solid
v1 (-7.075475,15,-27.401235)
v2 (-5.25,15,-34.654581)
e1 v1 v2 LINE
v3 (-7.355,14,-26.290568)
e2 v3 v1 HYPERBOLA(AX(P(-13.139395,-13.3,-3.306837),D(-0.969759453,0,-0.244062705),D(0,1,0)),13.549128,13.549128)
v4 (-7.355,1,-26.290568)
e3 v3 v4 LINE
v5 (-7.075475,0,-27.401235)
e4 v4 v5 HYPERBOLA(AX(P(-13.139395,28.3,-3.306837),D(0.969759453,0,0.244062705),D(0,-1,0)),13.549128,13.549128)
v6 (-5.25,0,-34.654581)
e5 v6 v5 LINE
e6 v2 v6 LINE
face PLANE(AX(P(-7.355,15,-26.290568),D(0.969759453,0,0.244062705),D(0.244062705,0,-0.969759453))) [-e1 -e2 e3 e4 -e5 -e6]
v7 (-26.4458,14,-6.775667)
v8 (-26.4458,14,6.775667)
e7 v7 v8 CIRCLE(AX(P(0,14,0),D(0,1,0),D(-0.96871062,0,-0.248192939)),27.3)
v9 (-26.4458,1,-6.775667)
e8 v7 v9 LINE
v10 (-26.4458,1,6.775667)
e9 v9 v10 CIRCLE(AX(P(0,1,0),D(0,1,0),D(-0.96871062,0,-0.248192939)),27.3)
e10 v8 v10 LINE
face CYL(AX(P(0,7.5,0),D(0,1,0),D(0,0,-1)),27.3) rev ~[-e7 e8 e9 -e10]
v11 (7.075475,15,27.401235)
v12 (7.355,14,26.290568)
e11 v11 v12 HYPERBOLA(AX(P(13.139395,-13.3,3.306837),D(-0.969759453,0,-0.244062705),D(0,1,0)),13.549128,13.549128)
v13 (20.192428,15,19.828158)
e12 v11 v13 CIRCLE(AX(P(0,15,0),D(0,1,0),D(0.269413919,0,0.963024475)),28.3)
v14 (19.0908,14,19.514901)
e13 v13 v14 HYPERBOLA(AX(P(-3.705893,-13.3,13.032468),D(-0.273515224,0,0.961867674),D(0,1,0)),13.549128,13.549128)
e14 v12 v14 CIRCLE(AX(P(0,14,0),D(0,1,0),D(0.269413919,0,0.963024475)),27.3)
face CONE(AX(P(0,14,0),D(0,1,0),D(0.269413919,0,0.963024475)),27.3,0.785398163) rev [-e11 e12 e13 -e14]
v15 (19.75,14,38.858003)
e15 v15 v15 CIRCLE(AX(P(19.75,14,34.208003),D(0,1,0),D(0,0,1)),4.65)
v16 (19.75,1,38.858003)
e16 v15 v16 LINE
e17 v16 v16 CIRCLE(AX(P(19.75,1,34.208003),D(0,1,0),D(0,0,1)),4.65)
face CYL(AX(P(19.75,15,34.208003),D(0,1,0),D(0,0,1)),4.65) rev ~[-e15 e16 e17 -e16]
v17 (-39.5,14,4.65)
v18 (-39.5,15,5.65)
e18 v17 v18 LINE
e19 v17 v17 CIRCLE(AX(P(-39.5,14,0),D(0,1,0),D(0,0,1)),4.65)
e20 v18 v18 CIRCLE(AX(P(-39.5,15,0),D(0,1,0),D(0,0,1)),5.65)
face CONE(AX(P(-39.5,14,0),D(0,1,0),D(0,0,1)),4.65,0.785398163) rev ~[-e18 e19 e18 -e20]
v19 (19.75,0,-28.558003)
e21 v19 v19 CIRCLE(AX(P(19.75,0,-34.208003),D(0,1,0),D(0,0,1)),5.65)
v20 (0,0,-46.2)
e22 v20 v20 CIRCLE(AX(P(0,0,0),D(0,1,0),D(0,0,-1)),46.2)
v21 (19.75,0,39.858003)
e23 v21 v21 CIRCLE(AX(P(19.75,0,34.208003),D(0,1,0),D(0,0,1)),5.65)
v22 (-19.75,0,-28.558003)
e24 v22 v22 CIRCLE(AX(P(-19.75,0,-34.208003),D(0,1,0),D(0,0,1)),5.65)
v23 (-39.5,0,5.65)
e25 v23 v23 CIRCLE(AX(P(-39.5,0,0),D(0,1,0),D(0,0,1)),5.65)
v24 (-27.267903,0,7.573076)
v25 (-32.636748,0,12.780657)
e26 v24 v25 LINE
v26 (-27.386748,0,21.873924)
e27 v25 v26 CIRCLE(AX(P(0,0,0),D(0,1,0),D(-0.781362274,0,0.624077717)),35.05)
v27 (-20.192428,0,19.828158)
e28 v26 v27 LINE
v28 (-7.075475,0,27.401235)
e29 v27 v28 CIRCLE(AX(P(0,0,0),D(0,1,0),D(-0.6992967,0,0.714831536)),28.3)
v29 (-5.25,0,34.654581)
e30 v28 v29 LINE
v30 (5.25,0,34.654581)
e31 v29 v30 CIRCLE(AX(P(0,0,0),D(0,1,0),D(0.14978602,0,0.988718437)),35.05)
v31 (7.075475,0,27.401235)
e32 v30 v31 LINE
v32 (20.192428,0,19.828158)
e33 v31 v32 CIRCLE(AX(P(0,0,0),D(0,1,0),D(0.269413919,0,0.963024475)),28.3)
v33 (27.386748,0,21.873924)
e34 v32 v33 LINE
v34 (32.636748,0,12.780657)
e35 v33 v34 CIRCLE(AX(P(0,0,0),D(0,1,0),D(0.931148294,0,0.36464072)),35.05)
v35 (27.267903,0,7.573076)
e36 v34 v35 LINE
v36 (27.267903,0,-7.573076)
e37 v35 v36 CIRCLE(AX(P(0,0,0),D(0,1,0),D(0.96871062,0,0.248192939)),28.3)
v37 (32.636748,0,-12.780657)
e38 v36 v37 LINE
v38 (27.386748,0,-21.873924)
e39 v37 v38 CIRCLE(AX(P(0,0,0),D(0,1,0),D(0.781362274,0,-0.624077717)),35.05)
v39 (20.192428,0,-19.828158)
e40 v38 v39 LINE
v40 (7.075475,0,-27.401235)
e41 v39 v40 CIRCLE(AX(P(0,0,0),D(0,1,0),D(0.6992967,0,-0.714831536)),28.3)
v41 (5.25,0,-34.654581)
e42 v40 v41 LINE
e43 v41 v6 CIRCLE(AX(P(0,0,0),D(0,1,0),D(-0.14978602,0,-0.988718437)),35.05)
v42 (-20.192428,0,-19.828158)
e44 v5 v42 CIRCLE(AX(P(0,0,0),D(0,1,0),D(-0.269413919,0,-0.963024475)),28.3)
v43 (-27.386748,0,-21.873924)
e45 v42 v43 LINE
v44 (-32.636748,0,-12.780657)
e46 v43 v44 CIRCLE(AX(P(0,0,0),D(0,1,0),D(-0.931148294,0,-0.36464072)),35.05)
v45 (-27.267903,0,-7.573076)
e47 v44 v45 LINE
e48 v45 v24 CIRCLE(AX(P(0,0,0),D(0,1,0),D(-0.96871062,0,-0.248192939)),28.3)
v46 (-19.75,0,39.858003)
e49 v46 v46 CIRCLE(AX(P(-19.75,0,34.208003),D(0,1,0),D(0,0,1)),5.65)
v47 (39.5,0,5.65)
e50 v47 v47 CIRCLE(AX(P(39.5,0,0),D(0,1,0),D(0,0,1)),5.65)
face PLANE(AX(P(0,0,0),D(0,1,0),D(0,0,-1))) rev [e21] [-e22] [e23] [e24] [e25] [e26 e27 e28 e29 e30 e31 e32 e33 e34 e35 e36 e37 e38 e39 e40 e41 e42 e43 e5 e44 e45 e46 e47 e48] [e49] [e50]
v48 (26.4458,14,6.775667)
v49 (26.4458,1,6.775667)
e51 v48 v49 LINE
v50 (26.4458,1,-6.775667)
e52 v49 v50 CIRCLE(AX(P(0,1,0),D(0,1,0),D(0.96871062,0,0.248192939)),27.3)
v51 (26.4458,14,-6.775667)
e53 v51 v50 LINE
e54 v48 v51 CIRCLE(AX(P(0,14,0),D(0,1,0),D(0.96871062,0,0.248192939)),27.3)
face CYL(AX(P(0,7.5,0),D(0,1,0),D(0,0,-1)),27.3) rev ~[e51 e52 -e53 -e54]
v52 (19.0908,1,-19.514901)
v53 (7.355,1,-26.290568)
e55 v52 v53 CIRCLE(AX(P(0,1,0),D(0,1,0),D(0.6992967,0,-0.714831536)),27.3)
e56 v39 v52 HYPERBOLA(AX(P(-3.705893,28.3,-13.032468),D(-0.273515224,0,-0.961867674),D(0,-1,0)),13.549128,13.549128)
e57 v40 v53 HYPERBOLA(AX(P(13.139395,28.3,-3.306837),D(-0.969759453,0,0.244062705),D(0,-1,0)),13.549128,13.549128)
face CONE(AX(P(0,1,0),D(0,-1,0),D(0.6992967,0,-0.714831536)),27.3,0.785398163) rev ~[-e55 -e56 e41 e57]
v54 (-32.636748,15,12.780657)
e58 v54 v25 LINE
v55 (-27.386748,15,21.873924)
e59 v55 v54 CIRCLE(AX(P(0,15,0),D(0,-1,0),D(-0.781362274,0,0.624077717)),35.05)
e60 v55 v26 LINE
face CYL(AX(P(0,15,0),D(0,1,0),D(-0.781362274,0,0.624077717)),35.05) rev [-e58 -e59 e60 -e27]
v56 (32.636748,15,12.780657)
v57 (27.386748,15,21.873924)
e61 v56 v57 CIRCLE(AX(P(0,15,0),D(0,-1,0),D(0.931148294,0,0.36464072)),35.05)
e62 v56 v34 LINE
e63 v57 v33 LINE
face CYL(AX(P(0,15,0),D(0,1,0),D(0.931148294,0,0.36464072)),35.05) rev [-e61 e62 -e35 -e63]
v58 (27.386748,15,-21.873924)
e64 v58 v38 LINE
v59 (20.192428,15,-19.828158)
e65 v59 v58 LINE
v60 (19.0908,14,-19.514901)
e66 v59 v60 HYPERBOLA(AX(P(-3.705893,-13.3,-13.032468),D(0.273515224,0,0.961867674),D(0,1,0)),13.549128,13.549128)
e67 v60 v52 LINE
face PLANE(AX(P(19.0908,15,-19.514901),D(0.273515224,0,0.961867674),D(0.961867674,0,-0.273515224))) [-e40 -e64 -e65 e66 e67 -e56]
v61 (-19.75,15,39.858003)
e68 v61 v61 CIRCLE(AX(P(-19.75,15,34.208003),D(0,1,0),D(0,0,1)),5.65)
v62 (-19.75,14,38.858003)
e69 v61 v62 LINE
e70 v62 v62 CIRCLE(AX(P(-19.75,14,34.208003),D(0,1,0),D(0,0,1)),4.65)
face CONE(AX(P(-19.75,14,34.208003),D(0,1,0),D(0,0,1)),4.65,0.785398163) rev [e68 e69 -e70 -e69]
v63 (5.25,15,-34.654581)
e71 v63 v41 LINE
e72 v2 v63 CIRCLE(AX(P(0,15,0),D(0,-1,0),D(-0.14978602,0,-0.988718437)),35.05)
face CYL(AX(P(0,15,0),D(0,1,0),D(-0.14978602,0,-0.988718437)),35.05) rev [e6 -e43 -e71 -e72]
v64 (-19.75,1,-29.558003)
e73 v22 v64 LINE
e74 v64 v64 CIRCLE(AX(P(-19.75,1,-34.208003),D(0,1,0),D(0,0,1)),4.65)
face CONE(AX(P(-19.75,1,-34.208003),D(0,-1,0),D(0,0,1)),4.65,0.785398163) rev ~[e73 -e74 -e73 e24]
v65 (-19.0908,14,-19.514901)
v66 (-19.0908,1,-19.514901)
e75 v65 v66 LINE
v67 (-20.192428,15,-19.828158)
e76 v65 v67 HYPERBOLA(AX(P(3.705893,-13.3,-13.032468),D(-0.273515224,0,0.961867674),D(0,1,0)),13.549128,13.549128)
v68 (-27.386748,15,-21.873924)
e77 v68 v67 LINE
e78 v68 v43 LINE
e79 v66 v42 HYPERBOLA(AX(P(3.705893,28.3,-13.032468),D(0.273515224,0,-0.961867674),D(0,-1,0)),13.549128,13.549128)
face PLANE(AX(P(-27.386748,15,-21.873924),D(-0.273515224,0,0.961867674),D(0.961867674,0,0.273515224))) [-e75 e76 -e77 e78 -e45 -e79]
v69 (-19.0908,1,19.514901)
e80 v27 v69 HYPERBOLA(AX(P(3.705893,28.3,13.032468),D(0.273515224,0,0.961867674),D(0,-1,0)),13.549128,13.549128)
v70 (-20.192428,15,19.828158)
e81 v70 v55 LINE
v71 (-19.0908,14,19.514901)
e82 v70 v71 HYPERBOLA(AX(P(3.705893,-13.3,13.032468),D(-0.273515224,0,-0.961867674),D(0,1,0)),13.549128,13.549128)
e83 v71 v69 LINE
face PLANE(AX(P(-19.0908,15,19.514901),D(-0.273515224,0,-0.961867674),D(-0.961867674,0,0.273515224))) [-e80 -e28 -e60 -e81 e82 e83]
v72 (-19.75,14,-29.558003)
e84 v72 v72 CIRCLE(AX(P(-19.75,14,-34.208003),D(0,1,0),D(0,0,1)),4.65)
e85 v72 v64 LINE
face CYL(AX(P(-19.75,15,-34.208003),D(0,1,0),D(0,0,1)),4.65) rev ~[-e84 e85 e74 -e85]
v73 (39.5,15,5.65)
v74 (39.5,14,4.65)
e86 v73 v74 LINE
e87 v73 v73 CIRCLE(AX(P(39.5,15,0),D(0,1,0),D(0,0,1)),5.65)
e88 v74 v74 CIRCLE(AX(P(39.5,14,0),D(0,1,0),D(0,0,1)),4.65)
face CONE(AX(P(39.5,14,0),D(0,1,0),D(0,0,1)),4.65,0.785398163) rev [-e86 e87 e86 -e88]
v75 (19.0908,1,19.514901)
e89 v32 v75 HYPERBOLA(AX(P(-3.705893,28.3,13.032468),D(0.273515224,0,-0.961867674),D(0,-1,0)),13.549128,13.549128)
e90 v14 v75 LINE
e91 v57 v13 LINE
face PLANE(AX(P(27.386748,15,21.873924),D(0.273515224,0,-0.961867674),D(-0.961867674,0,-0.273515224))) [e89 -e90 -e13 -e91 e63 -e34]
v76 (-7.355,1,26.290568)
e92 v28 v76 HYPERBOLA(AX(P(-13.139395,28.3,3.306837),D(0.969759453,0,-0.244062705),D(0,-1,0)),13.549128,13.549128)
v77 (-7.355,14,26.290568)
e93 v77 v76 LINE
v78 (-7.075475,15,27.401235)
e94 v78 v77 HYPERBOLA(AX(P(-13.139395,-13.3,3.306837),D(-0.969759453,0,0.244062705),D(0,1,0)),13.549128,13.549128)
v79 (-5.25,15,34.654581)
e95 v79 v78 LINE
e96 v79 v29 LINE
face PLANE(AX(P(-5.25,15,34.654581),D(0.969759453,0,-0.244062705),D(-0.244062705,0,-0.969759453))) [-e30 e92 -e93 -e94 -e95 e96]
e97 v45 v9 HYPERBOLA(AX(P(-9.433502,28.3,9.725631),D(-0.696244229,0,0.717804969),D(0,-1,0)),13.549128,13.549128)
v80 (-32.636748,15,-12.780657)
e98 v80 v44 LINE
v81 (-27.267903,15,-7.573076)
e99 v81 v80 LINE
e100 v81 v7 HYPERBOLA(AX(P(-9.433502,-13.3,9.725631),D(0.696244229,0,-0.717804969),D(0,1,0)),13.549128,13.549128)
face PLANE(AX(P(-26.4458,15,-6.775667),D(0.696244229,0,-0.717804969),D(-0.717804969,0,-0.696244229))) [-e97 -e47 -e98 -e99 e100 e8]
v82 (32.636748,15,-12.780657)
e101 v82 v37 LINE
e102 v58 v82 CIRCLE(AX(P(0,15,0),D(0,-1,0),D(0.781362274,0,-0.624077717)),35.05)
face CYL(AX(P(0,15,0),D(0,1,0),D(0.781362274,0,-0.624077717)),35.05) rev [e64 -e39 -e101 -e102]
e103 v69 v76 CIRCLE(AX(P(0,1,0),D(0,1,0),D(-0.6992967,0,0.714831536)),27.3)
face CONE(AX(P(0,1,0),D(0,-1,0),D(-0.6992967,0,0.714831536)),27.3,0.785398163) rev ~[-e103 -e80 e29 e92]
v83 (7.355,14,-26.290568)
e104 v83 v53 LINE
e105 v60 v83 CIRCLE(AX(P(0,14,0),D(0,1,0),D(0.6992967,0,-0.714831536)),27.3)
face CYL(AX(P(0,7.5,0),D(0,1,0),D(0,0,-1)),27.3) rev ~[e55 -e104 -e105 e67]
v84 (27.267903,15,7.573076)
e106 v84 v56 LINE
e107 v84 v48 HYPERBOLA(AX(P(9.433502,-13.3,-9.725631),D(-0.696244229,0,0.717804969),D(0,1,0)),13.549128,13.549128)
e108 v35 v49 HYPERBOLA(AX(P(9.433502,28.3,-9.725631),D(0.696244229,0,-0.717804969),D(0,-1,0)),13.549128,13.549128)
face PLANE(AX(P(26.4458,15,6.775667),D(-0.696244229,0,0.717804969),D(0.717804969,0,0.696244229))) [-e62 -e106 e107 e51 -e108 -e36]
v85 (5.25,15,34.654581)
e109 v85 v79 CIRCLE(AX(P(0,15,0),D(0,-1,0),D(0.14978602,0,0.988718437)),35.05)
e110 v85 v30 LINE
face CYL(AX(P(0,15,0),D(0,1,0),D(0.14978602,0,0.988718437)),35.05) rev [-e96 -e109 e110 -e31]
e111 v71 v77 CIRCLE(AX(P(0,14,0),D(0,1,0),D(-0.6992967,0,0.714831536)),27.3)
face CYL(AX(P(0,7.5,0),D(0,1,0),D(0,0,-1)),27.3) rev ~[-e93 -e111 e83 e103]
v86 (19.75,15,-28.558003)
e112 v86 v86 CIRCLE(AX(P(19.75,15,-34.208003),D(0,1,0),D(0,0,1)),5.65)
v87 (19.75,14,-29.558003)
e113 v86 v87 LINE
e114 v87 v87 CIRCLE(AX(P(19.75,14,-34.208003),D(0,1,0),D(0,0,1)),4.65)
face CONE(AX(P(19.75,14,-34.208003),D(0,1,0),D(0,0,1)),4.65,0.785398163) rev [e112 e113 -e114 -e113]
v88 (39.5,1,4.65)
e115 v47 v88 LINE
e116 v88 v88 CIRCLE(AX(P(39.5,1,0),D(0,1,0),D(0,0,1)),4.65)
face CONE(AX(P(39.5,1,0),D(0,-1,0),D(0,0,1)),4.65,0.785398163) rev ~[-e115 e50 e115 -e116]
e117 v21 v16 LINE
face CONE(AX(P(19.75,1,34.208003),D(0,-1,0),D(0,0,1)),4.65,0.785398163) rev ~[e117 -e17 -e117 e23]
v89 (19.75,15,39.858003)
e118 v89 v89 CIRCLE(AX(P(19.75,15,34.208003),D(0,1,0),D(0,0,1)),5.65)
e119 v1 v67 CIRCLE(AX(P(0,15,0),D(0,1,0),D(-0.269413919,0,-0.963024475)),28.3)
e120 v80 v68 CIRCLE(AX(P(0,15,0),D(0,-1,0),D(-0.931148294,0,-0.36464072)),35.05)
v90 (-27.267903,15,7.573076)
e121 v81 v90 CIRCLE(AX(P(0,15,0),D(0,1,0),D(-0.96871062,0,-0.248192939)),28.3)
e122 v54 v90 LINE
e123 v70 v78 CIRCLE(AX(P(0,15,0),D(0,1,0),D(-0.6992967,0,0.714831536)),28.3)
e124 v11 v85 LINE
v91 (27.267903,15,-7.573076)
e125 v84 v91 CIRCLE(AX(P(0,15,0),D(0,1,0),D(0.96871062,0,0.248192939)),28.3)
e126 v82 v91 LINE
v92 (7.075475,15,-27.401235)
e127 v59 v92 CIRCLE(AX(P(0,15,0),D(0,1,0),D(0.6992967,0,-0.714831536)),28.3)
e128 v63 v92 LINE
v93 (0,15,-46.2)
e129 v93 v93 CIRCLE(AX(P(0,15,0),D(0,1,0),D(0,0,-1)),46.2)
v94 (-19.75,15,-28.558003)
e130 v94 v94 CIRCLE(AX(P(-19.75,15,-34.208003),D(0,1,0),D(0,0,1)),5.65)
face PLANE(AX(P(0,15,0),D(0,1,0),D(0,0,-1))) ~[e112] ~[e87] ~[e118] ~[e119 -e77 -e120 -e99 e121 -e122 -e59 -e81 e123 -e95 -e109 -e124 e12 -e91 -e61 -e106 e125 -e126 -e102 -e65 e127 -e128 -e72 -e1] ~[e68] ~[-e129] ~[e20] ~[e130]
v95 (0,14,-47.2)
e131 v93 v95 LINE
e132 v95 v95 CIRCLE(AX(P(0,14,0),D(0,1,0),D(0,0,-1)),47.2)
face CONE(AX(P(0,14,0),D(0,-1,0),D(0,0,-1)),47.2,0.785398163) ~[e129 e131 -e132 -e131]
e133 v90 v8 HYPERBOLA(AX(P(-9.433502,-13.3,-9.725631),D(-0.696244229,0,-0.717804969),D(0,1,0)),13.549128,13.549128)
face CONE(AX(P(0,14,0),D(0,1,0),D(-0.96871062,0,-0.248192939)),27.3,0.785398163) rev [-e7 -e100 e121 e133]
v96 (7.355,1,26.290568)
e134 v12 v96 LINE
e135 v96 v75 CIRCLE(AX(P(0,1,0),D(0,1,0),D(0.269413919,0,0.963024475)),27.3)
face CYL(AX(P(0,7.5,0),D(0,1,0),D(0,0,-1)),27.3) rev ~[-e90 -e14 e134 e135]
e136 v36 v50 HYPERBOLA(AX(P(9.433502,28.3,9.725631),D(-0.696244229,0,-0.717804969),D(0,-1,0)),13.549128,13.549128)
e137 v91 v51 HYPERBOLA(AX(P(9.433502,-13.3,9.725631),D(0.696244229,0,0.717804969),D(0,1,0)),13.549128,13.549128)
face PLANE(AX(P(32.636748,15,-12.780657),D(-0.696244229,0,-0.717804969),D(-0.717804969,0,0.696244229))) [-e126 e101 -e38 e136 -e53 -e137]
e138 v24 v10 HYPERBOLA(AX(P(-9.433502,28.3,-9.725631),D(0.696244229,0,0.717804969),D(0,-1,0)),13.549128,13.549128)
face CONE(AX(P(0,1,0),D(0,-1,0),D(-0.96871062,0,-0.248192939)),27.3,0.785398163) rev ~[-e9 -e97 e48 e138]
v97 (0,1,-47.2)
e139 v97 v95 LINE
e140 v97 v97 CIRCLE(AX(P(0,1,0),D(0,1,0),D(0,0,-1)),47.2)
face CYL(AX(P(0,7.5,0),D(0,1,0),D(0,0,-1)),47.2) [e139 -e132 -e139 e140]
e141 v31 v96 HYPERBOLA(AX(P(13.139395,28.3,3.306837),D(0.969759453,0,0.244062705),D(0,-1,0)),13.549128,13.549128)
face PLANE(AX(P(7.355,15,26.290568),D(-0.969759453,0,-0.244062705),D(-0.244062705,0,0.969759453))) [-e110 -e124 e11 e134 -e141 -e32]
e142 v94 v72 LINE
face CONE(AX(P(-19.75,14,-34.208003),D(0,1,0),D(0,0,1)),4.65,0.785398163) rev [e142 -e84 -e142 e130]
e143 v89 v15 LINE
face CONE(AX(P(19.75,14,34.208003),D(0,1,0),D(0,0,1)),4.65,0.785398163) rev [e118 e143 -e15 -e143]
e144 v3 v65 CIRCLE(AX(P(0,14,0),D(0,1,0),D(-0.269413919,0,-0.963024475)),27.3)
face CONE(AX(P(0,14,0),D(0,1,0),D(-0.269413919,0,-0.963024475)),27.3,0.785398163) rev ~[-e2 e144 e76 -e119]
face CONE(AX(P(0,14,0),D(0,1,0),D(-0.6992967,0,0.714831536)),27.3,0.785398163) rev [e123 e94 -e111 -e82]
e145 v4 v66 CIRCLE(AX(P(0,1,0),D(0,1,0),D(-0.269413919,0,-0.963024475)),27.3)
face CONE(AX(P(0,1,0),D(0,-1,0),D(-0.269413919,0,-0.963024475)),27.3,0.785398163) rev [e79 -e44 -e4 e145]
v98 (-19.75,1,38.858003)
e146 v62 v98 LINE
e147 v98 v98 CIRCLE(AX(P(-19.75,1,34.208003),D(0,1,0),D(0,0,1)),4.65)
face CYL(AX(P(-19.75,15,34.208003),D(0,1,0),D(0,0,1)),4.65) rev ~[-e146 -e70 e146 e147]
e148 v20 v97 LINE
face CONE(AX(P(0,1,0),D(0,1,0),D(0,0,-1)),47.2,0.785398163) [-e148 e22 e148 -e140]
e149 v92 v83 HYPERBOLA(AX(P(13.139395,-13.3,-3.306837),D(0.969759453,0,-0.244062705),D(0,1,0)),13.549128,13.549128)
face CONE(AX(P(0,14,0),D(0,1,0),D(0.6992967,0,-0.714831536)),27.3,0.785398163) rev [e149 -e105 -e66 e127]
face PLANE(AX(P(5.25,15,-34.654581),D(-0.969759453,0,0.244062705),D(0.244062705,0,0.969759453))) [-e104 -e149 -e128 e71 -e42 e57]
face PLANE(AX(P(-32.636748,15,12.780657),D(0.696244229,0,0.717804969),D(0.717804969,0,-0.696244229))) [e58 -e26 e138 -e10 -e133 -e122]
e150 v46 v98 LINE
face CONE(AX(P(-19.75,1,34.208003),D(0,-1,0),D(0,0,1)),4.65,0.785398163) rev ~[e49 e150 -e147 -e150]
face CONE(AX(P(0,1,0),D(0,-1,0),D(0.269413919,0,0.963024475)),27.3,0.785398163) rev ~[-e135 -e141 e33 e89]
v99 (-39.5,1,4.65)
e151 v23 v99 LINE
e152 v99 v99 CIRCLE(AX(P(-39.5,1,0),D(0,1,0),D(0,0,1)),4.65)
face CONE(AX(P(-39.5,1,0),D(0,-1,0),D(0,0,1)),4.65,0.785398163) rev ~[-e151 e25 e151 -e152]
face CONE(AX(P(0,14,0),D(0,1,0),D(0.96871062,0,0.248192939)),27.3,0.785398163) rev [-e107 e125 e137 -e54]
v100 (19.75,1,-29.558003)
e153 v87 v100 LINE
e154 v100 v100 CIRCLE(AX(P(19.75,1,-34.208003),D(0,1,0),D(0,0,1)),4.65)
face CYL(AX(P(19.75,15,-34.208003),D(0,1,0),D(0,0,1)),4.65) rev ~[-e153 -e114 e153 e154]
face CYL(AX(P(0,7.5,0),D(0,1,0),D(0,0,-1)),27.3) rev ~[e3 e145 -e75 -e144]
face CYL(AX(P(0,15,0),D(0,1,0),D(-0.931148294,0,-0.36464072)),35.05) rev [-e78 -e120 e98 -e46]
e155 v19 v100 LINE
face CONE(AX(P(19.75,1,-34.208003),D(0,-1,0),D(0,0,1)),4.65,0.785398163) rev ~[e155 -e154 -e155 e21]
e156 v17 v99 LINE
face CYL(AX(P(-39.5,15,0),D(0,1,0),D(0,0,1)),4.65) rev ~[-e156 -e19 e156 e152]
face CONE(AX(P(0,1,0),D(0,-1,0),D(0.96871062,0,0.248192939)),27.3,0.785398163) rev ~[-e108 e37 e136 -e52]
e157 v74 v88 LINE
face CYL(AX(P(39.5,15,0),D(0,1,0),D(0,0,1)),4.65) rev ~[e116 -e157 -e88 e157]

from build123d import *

# Parameters (mm, degrees)
ESBO_O1_W             = 19.9
ESBO_O1_H             = 15
ESBO_O2_R             = 4.65
CORTE_EXTRUS_O1_DEPTH = 69.415495321
CORTE_EXTRUS_O2_DEPTH = 69.415495321
CHANFRO1_SIZE         = 1
CHANFRO2_SIZE         = 1
CHANFRO3_SIZE         = 1
CHANFRO4_SIZE         = 1


with BuildPart() as part:
    # Esboço1 → Revolução1 (revolve)
    with BuildSketch(Plane.XY, mode=Mode.PRIVATE) as revolu_o1_sk:
        with Locations((37.25, 7.5)):
            Rectangle(ESBO_O1_W, ESBO_O1_H)
    revolve(revolu_o1_sk.sketch.rotate(Axis((0, -49.922822823, 0), (0, 1, 0)), 90), axis=Axis((0, -49.922822823, 0), (0, 1, 0)))

    # Esboço2 → Corte-extrusão1 (cut, through all)
    with BuildSketch(Plane(origin=(0, 15, 0), x_dir=(1, 0, 0), z_dir=(0, 1, 0))):
        with Locations(Location((-39.5, 0, 0), (0, 0, 270))):
            Circle(ESBO_O2_R)
        with Locations(Location((-19.75, 34.208003449, 0), (0, 0, 270))):
            Circle(ESBO_O2_R)
        with Locations(Location((19.75, 34.208003449, 0), (0, 0, 270))):
            Circle(ESBO_O2_R)
        with Locations(Location((39.5, 0, 0), (0, 0, 270))):
            Circle(ESBO_O2_R)
        with Locations(Location((19.75, -34.208003449, 0), (0, 0, 270))):
            Circle(ESBO_O2_R)
        with Locations(Location((-19.75, -34.208003449, 0), (0, 0, 270))):
            Circle(ESBO_O2_R)
    extrude(amount=-CORTE_EXTRUS_O1_DEPTH, mode=Mode.SUBTRACT)

    # Esboço3 → Corte-extrusão2 (cut, through all)
    with BuildSketch(Plane(origin=(0, 15, 0), x_dir=(1, 0, 0), z_dir=(0, 1, 0))):
        with BuildLine():
            Line((5.25, 34.654581227), (7.355, 26.290568176))
            ThreePointArc((7.355, 26.290568176), (0, 27.3), (-7.355, 26.290568176))
            Line((-7.355, 26.290568176), (-5.25, 34.654581227))
            ThreePointArc((-5.25, 34.654581227), (0, 35.05), (5.25, 34.654581227))
        make_face()
        with BuildLine():
            Line((32.6367477, 12.780657243), (26.44579992, 6.775667243))
            ThreePointArc((26.44579992, 6.775667243), (23.642493523, 13.65), (19.09079992, 19.514900933))
            Line((19.09079992, 19.514900933), (27.3867477, 21.873923983))
            ThreePointArc((27.3867477, 21.873923983), (30.354190403, 17.525), (32.6367477, 12.780657243))
        make_face()
        with BuildLine():
            Line((27.3867477, -21.873923983), (19.09079992, -19.514900933))
            ThreePointArc((19.09079992, -19.514900933), (23.642493523, -13.65), (26.44579992, -6.775667243))
            Line((26.44579992, -6.775667243), (32.6367477, -12.780657243))
            ThreePointArc((32.6367477, -12.780657243), (30.354190403, -17.525), (27.3867477, -21.873923983))
        make_face()
        with BuildLine():
            Line((-5.25, -34.654581227), (-7.355, -26.290568176))
            ThreePointArc((-7.355, -26.290568176), (0, -27.3), (7.355, -26.290568176))
            Line((7.355, -26.290568176), (5.25, -34.654581227))
            ThreePointArc((5.25, -34.654581227), (0, -35.05), (-5.25, -34.654581227))
        make_face()
        with BuildLine():
            Line((-32.6367477, -12.780657243), (-26.44579992, -6.775667243))
            ThreePointArc((-26.44579992, -6.775667243), (-23.642493523, -13.65), (-19.09079992, -19.514900933))
            Line((-19.09079992, -19.514900933), (-27.3867477, -21.873923983))
            ThreePointArc((-27.3867477, -21.873923983), (-30.354190403, -17.525), (-32.6367477, -12.780657243))
        make_face()
        with BuildLine():
            Line((-27.3867477, 21.873923983), (-19.09079992, 19.514900933))
            ThreePointArc((-19.09079992, 19.514900933), (-23.642493523, 13.65), (-26.44579992, 6.775667243))
            Line((-26.44579992, 6.775667243), (-32.6367477, 12.780657243))
            ThreePointArc((-32.6367477, 12.780657243), (-30.354190403, 17.525), (-27.3867477, 21.873923983))
        make_face()
    extrude(amount=-CORTE_EXTRUS_O2_DEPTH, mode=Mode.SUBTRACT)

    # Chanfro1
    chanfro1_edges = [part.edges().sort_by_distance(p)[0] for p in [
        (-13.65, 0, -23.642493523),
        (-13.65, 15, -23.642493523),
        (0, 0, 47.2),
        (0, 15, 47.2),
        (13.65, 15, -23.642493523),
        (27.3, 15, 0),
        (13.65, 15, 23.642493523),
        (-13.65, 15, 23.642493523),
        (-27.3, 0, 0),
        (-27.3, 15, 0),
    ]]
    chamfer(chanfro1_edges, length=CHANFRO1_SIZE)

    # Chanfro2
    chanfro2_edges = [part.edges().sort_by_distance(p)[0] for p in [
        (13.65, 0, -23.642493523),
        (27.3, 0, 0),
        (13.65, 0, 23.642493523),
        (-13.65, 0, 23.642493523),
    ]]
    chamfer(chanfro2_edges, length=CHANFRO2_SIZE)

    # Chanfro3
    chanfro3_edges = [part.edges().sort_by_distance(p)[0] for p in [
        (-39.5, 0, -4.65),
        (-19.75, 0, -38.858003449),
        (19.75, 0, -38.858003449),
        (39.5, 0, -4.65),
        (19.75, 0, 29.558003449),
        (-19.75, 0, 29.558003449),
    ]]
    chamfer(chanfro3_edges, length=CHANFRO3_SIZE)

    # Chanfro4
    chanfro4_edges = [part.edges().sort_by_distance(p)[0] for p in [
        (-39.5, 15, -4.65),
        (-19.75, 15, -38.858003449),
        (19.75, 15, -38.858003449),
        (39.5, 15, -4.65),
        (19.75, 15, 29.558003449),
        (-19.75, 15, 29.558003449),
    ]]
    chamfer(chanfro4_edges, length=CHANFRO4_SIZE)


solid = part.part
